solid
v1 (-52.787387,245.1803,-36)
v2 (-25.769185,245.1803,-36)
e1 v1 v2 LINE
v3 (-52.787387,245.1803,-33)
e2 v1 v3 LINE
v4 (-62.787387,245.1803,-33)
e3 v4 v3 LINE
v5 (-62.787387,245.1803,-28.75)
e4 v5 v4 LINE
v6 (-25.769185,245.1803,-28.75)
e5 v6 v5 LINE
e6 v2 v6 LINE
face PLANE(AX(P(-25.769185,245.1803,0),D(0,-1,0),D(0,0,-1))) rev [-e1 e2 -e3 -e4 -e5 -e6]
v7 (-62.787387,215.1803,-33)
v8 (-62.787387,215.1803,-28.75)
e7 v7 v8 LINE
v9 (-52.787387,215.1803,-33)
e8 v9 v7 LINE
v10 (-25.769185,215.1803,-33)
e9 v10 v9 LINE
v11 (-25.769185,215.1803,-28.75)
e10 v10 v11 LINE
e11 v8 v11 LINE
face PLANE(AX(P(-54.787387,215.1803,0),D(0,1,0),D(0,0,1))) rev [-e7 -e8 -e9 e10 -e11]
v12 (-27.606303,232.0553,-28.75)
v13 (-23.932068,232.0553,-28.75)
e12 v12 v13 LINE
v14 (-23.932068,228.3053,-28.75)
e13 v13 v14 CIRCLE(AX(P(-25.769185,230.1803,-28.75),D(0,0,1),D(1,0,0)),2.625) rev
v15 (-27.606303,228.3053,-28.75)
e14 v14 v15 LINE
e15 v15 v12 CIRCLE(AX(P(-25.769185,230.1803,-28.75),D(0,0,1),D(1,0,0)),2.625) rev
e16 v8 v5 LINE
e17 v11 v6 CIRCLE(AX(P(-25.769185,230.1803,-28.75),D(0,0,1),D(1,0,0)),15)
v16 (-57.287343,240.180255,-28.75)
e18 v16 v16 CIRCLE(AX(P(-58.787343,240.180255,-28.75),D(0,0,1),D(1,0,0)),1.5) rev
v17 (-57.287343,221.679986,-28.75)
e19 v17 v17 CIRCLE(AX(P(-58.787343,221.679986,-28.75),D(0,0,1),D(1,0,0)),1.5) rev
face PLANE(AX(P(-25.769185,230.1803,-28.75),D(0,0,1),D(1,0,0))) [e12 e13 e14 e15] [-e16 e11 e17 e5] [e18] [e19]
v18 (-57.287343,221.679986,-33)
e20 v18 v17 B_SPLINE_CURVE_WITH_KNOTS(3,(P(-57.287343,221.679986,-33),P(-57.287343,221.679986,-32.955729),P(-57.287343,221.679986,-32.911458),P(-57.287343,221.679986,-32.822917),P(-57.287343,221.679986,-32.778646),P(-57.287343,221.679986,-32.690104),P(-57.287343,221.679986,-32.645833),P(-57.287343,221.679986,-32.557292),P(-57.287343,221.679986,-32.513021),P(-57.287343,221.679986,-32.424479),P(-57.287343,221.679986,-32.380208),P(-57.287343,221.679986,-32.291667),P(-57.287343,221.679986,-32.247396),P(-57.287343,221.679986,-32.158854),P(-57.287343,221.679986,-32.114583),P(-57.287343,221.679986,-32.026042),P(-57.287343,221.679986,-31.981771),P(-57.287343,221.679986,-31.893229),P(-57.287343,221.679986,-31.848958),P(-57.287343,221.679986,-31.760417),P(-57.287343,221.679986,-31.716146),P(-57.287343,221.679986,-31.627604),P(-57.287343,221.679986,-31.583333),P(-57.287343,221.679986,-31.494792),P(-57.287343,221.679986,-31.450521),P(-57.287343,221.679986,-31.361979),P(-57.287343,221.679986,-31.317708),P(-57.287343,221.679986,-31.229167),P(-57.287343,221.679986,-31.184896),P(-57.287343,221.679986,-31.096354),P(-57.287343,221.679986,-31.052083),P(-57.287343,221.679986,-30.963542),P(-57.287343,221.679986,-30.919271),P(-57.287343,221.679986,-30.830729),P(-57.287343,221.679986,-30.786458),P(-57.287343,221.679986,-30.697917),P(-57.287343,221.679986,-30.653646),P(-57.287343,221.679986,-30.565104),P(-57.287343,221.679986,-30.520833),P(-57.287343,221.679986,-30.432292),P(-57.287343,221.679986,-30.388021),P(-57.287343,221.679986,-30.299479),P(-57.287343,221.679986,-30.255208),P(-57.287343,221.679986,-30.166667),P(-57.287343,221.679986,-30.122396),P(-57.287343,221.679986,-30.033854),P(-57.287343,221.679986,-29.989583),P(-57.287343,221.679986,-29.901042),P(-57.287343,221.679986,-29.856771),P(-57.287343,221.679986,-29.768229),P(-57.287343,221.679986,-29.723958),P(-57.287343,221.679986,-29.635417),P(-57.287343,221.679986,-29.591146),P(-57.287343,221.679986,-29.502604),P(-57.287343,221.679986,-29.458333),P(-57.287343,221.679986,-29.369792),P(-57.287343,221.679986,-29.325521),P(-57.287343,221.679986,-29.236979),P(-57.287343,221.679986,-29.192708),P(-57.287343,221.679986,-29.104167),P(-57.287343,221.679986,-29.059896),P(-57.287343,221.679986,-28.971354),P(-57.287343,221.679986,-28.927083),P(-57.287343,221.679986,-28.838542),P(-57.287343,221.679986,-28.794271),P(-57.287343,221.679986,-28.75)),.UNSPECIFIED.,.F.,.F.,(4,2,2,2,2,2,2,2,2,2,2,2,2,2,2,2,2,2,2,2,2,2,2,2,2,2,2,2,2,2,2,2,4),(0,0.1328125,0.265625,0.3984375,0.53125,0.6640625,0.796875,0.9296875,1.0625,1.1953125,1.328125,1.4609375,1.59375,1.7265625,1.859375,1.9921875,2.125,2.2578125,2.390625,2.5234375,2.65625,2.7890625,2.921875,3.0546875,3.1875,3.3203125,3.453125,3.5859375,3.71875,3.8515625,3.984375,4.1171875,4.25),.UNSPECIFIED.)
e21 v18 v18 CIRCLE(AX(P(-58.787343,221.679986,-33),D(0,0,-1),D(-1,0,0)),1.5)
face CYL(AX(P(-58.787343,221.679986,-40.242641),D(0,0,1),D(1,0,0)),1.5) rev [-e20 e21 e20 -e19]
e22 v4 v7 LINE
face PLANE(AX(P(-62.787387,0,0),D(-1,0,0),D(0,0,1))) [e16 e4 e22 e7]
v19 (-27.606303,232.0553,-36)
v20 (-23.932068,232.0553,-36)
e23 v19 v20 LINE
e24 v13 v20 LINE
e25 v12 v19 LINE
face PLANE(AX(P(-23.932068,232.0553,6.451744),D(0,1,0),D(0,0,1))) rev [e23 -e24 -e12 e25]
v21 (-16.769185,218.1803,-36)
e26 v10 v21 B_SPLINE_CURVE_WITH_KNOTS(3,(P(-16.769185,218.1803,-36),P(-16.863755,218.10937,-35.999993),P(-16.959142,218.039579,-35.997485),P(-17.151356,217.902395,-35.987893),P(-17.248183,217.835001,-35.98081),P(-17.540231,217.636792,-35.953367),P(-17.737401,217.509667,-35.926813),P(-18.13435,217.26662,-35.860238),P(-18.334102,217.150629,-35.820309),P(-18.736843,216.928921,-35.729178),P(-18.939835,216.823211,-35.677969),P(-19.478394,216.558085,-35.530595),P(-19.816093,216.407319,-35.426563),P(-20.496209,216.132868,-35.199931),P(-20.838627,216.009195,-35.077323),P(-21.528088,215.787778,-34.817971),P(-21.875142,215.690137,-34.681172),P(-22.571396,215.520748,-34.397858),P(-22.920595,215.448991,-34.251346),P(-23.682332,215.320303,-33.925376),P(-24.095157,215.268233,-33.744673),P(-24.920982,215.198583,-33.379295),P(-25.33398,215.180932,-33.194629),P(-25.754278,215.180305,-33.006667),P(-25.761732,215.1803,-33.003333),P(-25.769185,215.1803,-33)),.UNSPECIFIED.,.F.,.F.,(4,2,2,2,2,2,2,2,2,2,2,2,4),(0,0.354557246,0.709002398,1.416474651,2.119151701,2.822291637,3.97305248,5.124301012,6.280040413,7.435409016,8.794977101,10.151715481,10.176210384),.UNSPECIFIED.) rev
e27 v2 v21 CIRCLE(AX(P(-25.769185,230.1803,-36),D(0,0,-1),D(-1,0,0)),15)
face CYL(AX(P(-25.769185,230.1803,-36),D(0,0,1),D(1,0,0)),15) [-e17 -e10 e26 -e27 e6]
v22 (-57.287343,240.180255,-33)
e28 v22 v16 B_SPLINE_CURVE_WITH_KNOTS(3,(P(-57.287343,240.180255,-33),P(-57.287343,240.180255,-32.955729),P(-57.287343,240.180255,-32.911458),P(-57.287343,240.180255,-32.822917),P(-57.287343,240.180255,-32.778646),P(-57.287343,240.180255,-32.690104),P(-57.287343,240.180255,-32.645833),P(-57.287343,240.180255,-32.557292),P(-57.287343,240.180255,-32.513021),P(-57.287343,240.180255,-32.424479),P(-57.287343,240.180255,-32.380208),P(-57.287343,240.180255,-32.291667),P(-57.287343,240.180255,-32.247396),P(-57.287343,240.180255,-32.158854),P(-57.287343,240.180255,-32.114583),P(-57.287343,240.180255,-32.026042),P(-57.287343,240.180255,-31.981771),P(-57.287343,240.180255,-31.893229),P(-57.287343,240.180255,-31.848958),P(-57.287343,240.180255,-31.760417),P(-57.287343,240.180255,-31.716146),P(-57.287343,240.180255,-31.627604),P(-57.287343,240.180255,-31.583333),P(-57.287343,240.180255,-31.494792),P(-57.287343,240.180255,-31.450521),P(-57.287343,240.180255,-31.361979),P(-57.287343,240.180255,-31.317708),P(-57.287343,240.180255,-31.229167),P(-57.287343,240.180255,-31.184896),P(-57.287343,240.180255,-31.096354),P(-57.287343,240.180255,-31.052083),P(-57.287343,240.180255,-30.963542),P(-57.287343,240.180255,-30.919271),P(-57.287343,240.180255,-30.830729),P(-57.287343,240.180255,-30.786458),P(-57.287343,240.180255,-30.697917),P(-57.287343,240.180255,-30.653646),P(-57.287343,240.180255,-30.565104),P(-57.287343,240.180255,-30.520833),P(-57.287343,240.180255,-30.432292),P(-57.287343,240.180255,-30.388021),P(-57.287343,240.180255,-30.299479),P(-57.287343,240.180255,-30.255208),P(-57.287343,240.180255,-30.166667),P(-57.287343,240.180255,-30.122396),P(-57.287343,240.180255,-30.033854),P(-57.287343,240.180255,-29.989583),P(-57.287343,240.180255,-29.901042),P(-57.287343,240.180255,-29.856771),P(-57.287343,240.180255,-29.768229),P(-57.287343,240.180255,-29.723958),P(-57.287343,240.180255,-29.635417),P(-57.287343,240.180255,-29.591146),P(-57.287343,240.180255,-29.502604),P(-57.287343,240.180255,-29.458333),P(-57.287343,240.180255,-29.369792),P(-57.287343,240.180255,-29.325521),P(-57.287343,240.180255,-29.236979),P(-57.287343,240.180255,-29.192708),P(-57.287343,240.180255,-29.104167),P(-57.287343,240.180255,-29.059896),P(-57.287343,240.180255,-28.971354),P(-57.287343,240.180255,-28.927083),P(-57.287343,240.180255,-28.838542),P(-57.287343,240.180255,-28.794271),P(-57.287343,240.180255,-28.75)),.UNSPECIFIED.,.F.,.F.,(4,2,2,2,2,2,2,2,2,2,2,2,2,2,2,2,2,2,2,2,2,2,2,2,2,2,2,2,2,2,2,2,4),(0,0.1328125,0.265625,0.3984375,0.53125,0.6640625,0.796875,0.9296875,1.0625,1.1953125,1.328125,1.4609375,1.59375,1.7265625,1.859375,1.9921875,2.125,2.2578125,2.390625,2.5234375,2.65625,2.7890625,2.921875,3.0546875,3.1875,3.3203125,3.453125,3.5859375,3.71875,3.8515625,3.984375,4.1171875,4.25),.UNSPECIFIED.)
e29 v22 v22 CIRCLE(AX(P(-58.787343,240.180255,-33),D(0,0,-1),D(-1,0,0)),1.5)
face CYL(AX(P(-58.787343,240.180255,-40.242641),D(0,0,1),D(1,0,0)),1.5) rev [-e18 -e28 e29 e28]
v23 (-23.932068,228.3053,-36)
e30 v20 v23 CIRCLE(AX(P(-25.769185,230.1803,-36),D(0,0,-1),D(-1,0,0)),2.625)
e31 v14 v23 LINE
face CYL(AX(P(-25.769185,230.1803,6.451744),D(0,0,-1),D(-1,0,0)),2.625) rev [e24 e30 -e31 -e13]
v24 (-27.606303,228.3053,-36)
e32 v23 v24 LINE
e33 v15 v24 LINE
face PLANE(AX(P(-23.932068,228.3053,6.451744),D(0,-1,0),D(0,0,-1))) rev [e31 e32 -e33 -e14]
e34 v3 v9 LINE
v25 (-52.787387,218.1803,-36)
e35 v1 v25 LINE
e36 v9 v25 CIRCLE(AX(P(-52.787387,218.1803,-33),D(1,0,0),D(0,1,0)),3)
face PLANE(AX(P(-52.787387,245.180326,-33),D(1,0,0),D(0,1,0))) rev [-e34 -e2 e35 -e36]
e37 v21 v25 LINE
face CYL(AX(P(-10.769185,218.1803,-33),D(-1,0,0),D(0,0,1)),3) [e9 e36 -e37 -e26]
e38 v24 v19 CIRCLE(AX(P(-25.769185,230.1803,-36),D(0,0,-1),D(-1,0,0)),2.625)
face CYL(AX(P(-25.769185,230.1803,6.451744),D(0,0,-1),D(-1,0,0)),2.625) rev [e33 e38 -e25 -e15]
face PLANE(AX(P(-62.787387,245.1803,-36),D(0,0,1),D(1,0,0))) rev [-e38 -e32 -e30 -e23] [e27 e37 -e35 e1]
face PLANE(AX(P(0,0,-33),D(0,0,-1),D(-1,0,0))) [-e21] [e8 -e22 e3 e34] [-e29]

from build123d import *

# Parameters (mm, degrees)
BOSS_EXTRUDE1_DEPTH     = 8
BOSS_EXTRUDE2_DEPTH     = 8
SKETCH4_W               = 36.000000000000064
SKETCH4_H               = 30.000000000000057
BOSS_EXTRUDE3_DEPTH     = 8
SKETCH5_R               = 7.000000000000002
SKETCH5_R_2             = 5.000000000000002
BOSS_EXTRUDE4_DEPTH     = 10
CHAMFER1_SIZE           = 3
CUT_EXTRUDE1_REACH      = 260.278
CUT_EXTRUDE2_DEPTH      = 254.2099380250209
SKETCH8_W               = 17.000000000000007
SKETCH8_H               = 20.000000000000043
BOSS_EXTRUDE5_DEPTH     = 7
CUT_EXTRUDE3_DEPTH      = 0.75
CUT_EXTRUDE4_DEPTH      = 0.75
CUT_EXTRUDE5_DEPTH      = 254.2099381566107
CUT_EXTRUDE5_DEPTH_BACK = 254.2099381566107
CUT_EXTRUDE6_DEPTH      = 3
SKETCH14_W              = 9.999999998633207
SKETCH14_H              = 30.000000000000057
CUT_EXTRUDE7_DEPTH      = 3
CUT_EXTRUDE8_START      = -33
CUT_EXTRUDE8_DEPTH      = 30
SKETCH16_W              = 67.2347482813901
SKETCH16_H              = 36.897117956044724
CUT_EXTRUDE9_DEPTH      = 28.75


with BuildPart() as part:
    # Sketch2 → Boss-Extrude1 (new body)
    with BuildSketch(Plane.XY.offset(-8.000000000000261)):
        with BuildLine():
            Line((-25.76918534335193, 245.18029985394168), (-54.787386755608914, 245.18029985394168))
            Line((-54.787386755608914, 245.18029985394168), (-54.787386755608914, 215.18029985394165))
            Line((-54.787386755608914, 215.18029985394165), (-25.76918534335193, 215.18029985394165))
            ThreePointArc((-25.76918534335193, 215.18029985394165), (-10.7691853433519, 230.18029985394168), (-25.76918534335193, 245.18029985394168))
        make_face()
    extrude(amount=BOSS_EXTRUDE1_DEPTH)



with BuildPart() as body_2:
    # Sketch3 → Boss-Extrude2 (new body)
    with BuildSketch(Plane(origin=(4.616e-14, 1.89e-15, -28.000000000000256), x_dir=(-1, 0, -1.65e-15), z_dir=(1.65e-15, 7e-17, -1))):
        with BuildLine():
            Line((25.769185343351936, 215.18029985394165), (54.78738675560893, 215.18029985394165))
            Line((54.78738675560893, 215.18029985394165), (54.78738675560893, 245.18029985394168))
            Line((54.78738675560893, 245.18029985394168), (25.76918534335194, 245.18029985394168))
            ThreePointArc((25.76918534335194, 245.18029985394168), (10.769185343351939, 230.18029985394168), (25.769185343351936, 215.18029985394165))
        make_face()
    extrude(amount=BOSS_EXTRUDE2_DEPTH)


with BuildPart() as part_1:
    add(part.part)

    add(body_2.part)  # Boss-Extrude3 merges body 2
    # Sketch4 → Boss-Extrude3 (add)
    with BuildSketch(Plane.ZY.offset(54.787386755608914)):
        with Locations((-18.000000000000345, 230.18029985394168)):
            Rectangle(SKETCH4_W, SKETCH4_H)
    extrude(amount=BOSS_EXTRUDE3_DEPTH)

    # Sketch5 → Boss-Extrude4 (add)
    with BuildSketch(Plane.ZY.offset(62.78738675560891)):
        with Locations((-18.00000000000032, 230.18029985394168)):
            Circle(SKETCH5_R)
        with Locations((-18.00000000000032, 230.18029985394168)):
            Circle(SKETCH5_R_2, mode=Mode.SUBTRACT)
    extrude(amount=BOSS_EXTRUDE4_DEPTH)

    # Chamfer1
    chamfer1_edges = [part_1.edges().sort_by_distance(p)[0] for p in [
        (-62.78738675560891, 230.18029985394168, -25.00000000000032),
    ]]
    chamfer(chamfer1_edges, length=CHAMFER1_SIZE)

    # Cut-Extrude1: up to this face of the body (flat: up to its plane)
    cut_extrude1_end = Plane(part_1.part.faces().sort_by_distance((-38.272954764, 230.180299854, 0))[0])
    # Sketch6 → Cut-Extrude1 (cut, up to the picked face)
    with BuildSketch(Plane(origin=(0, 0, -36.00000000000038), x_dir=(-1, 0, 0), z_dir=(0, 0, -1)), mode=Mode.PRIVATE) as cut_extrude1_sk1:
        with BuildLine():
            Line((23.93206803626449, 232.05529985394165), (27.606302650439275, 232.05529985394165))
            ThreePointArc((27.606302650439275, 232.05529985394165), (28.39418534335189, 230.18029985394165), (27.606302650439247, 228.30529985394165))
            Line((27.606302650439247, 228.30529985394165), (23.932068036264518, 228.30529985394165))
            ThreePointArc((23.932068036264518, 228.30529985394165), (23.144185343351896, 230.18029985394165), (23.93206803626449, 232.05529985394165))
        make_face()
    cut_extrude1_tool1 = split(extrude(cut_extrude1_sk1.sketch, amount=-CUT_EXTRUDE1_REACH, mode=Mode.PRIVATE), bisect_by=cut_extrude1_end, keep=Keep.BOTH, mode=Mode.PRIVATE)
    add(cut_extrude1_tool1.solids().sort_by(Axis((-25.769185, 230.1803, -36), (0, 0, 1)))[0], mode=Mode.SUBTRACT)

    # Sketch7 → Cut-Extrude2 (cut, through all)
    with BuildSketch(Plane.ZY.offset(62.78738675560891)):
        with BuildLine():
            Line((-3.1052e-13, 215.18029985394165), (-3.1052e-13, 218.18029985394165))
            ThreePointArc((-3.1052e-13, 218.18029985394165), (-0.878679656440668, 216.05897951038202), (-3.0000000000003104, 215.18029985394165))
            Line((-3.0000000000003104, 215.18029985394165), (-3.1052e-13, 215.18029985394165))
        make_face()
        with BuildLine():
            Line((-36.000000000000384, 215.18029985394165), (-33.00000000000038, 215.18029985394165))
            ThreePointArc((-33.00000000000038, 215.18029985394165), (-35.12132034356002, 216.058979510382), (-36.000000000000384, 218.18029985394165))
            Line((-36.000000000000384, 218.18029985394165), (-36.000000000000384, 215.18029985394165))
        make_face()
    extrude(amount=-CUT_EXTRUDE2_DEPTH, mode=Mode.SUBTRACT)

    # Sketch8 → Boss-Extrude5 (add)
    with BuildSketch(Plane.XZ.offset(-215.18029985394165)):
        with Locations((-48.28738675560892, -18.000000000000284)):
            Rectangle(SKETCH8_W, SKETCH8_H)
    extrude(amount=-BOSS_EXTRUDE5_DEPTH)

    # Sketch10 → Cut-Extrude3 (cut)
    with BuildSketch(Plane.XY.offset(-28.000000000000256)):
        with BuildLine():
            Line((-54.78738675560893, 222.18029985394168), (-39.78738675560896, 222.18029985394168))
            Line((-39.78738675560896, 222.18029985394168), (-39.78738675560896, 215.18029985394165))
            Line((-39.78738675560896, 215.18029985394165), (-25.769185343351936, 215.18029985394165))
            ThreePointArc((-25.769185343351936, 215.18029985394165), (-10.76918534335191, 230.18029985394168), (-25.76918534335194, 245.18029985394168))
            Line((-25.76918534335194, 245.18029985394168), (-54.78738675560893, 245.18029985394168))
            Line((-54.78738675560893, 245.18029985394168), (-54.78738675560893, 222.18029985394168))
        make_face()
    extrude(amount=-CUT_EXTRUDE3_DEPTH, mode=Mode.SUBTRACT)

    # Sketch11 → Cut-Extrude4 (cut)
    with BuildSketch(Plane(origin=(0, 0, -8.000000000000261), x_dir=(-1, 0, 0), z_dir=(0, 0, -1))):
        with BuildLine():
            Line((25.76918534335193, 215.18029985394165), (39.787386755608914, 215.18029985394165))
            Line((39.787386755608914, 215.18029985394165), (39.787386755608914, 222.18029985394168))
            Line((39.787386755608914, 222.18029985394168), (54.787386755608914, 222.18029985394168))
            Line((54.787386755608914, 222.18029985394168), (54.787386755608914, 245.18029985394168))
            Line((54.787386755608914, 245.18029985394168), (25.76918534335193, 245.18029985394168))
            ThreePointArc((25.76918534335193, 245.18029985394168), (10.769185343351928, 230.18029985394168), (25.76918534335193, 215.18029985394165))
        make_face()
    extrude(amount=-CUT_EXTRUDE4_DEPTH, mode=Mode.SUBTRACT)

    # Sketch12 → Cut-Extrude5 (cut, two sides: drawn at the far end of the back side and taken through both)
    with BuildSketch(Plane.ZY.offset(62.78738675560891).offset(-CUT_EXTRUDE5_DEPTH_BACK)):
        with BuildLine():
            Line((-23.750000000000245, 242.68029985394168), (-12.25000000000027, 242.68029985394168))
            ThreePointArc((-12.25000000000027, 242.68029985394168), (-11.542893218813717, 242.38740663512823), (-11.250000000000261, 241.68029985394168))
            Line((-11.250000000000261, 241.68029985394168), (-11.250000000000261, 239.18029985394168))
            ThreePointArc((-11.250000000000261, 239.18029985394168), (-11.542893218813717, 238.47319307275512), (-12.25000000000027, 238.18029985394168))
            Line((-12.25000000000027, 238.18029985394168), (-23.750000000000245, 238.18029985394168))
            ThreePointArc((-23.750000000000245, 238.18029985394168), (-24.4571067811868, 238.47319307275512), (-24.750000000000256, 239.18029985394168))
            Line((-24.750000000000256, 239.18029985394168), (-24.750000000000256, 241.68029985394168))
            ThreePointArc((-24.750000000000256, 241.68029985394168), (-24.4571067811868, 242.38740663512823), (-23.750000000000245, 242.68029985394168))
        make_face()
    extrude(amount=CUT_EXTRUDE5_DEPTH + CUT_EXTRUDE5_DEPTH_BACK, mode=Mode.SUBTRACT)

    # Sketch13 → Cut-Extrude6 (cut)
    with BuildSketch(Plane(origin=(0, 0, -36.00000000000038), x_dir=(-1, 0, 0), z_dir=(0, 0, -1))):
        Polygon((52.78738675697571, 245.1803259806636), (65.22032452313796, 245.1803259806636), (65.22032452313796, 215.18029985394165), (52.787386756975714, 215.18029985394165), align=None)
    extrude(amount=-CUT_EXTRUDE6_DEPTH, mode=Mode.SUBTRACT)

    # Sketch14 → Cut-Extrude7 (cut)
    with BuildSketch(Plane.XY):
        with Locations((-57.78738675629231, 230.18029985394168)):
            Rectangle(SKETCH14_W, SKETCH14_H)
    extrude(amount=-CUT_EXTRUDE7_DEPTH, mode=Mode.SUBTRACT)

    # Sketch15 → Cut-Extrude8 (cut)
    with BuildSketch(Plane.XY.offset(CUT_EXTRUDE8_START)):
        with BuildLine():
            add(Edge.make_bspline(
                [(-58.787343120375006, 241.68025514760154), (-61.78734312026629, 241.68025514726713), (-61.78734312015468, 238.68025514738127), (-58.7873431202634, 238.68025514771568), (-55.78734312037213, 238.6802551480501), (-55.78734312048373, 241.68025514793592), (-58.787343120375006, 241.68025514760154)],
                knots=[0, 0, 0, 0, 0.5, 0.5, 0.5, 1, 1, 1, 1], degree=3, weights=[1, 0.33333333333333337, 0.33333333333333337, 1, 0.33333333333333337, 0.33333333333333337, 1]))
        make_face()
        with BuildLine():
            add(Edge.make_bspline(
                [(-58.787343119686746, 223.17998583120436), (-61.78734311957803, 223.17998583086998), (-61.78734311946642, 220.17998583098415), (-58.787343119575134, 220.1799858313185), (-55.78734311968384, 220.1799858316529), (-55.78734311979546, 223.17998583153874), (-58.787343119686746, 223.17998583120436)],
                knots=[0, 0, 0, 0, 0.5, 0.5, 0.5, 1, 1, 1, 1], degree=3, weights=[1, 0.33333333333333337, 0.33333333333333337, 1, 0.33333333333333337, 0.33333333333333337, 1]))
        make_face()
    extrude(amount=CUT_EXTRUDE8_DEPTH, mode=Mode.SUBTRACT)

    # Sketch16 → Cut-Extrude9 (cut)
    with BuildSketch(Plane.XY):
        with Locations((-42.47434442630761, 229.60312045940518)):
            Rectangle(SKETCH16_W, SKETCH16_H)
    extrude(amount=-CUT_EXTRUDE9_DEPTH, mode=Mode.SUBTRACT)


solid = part_1.part
